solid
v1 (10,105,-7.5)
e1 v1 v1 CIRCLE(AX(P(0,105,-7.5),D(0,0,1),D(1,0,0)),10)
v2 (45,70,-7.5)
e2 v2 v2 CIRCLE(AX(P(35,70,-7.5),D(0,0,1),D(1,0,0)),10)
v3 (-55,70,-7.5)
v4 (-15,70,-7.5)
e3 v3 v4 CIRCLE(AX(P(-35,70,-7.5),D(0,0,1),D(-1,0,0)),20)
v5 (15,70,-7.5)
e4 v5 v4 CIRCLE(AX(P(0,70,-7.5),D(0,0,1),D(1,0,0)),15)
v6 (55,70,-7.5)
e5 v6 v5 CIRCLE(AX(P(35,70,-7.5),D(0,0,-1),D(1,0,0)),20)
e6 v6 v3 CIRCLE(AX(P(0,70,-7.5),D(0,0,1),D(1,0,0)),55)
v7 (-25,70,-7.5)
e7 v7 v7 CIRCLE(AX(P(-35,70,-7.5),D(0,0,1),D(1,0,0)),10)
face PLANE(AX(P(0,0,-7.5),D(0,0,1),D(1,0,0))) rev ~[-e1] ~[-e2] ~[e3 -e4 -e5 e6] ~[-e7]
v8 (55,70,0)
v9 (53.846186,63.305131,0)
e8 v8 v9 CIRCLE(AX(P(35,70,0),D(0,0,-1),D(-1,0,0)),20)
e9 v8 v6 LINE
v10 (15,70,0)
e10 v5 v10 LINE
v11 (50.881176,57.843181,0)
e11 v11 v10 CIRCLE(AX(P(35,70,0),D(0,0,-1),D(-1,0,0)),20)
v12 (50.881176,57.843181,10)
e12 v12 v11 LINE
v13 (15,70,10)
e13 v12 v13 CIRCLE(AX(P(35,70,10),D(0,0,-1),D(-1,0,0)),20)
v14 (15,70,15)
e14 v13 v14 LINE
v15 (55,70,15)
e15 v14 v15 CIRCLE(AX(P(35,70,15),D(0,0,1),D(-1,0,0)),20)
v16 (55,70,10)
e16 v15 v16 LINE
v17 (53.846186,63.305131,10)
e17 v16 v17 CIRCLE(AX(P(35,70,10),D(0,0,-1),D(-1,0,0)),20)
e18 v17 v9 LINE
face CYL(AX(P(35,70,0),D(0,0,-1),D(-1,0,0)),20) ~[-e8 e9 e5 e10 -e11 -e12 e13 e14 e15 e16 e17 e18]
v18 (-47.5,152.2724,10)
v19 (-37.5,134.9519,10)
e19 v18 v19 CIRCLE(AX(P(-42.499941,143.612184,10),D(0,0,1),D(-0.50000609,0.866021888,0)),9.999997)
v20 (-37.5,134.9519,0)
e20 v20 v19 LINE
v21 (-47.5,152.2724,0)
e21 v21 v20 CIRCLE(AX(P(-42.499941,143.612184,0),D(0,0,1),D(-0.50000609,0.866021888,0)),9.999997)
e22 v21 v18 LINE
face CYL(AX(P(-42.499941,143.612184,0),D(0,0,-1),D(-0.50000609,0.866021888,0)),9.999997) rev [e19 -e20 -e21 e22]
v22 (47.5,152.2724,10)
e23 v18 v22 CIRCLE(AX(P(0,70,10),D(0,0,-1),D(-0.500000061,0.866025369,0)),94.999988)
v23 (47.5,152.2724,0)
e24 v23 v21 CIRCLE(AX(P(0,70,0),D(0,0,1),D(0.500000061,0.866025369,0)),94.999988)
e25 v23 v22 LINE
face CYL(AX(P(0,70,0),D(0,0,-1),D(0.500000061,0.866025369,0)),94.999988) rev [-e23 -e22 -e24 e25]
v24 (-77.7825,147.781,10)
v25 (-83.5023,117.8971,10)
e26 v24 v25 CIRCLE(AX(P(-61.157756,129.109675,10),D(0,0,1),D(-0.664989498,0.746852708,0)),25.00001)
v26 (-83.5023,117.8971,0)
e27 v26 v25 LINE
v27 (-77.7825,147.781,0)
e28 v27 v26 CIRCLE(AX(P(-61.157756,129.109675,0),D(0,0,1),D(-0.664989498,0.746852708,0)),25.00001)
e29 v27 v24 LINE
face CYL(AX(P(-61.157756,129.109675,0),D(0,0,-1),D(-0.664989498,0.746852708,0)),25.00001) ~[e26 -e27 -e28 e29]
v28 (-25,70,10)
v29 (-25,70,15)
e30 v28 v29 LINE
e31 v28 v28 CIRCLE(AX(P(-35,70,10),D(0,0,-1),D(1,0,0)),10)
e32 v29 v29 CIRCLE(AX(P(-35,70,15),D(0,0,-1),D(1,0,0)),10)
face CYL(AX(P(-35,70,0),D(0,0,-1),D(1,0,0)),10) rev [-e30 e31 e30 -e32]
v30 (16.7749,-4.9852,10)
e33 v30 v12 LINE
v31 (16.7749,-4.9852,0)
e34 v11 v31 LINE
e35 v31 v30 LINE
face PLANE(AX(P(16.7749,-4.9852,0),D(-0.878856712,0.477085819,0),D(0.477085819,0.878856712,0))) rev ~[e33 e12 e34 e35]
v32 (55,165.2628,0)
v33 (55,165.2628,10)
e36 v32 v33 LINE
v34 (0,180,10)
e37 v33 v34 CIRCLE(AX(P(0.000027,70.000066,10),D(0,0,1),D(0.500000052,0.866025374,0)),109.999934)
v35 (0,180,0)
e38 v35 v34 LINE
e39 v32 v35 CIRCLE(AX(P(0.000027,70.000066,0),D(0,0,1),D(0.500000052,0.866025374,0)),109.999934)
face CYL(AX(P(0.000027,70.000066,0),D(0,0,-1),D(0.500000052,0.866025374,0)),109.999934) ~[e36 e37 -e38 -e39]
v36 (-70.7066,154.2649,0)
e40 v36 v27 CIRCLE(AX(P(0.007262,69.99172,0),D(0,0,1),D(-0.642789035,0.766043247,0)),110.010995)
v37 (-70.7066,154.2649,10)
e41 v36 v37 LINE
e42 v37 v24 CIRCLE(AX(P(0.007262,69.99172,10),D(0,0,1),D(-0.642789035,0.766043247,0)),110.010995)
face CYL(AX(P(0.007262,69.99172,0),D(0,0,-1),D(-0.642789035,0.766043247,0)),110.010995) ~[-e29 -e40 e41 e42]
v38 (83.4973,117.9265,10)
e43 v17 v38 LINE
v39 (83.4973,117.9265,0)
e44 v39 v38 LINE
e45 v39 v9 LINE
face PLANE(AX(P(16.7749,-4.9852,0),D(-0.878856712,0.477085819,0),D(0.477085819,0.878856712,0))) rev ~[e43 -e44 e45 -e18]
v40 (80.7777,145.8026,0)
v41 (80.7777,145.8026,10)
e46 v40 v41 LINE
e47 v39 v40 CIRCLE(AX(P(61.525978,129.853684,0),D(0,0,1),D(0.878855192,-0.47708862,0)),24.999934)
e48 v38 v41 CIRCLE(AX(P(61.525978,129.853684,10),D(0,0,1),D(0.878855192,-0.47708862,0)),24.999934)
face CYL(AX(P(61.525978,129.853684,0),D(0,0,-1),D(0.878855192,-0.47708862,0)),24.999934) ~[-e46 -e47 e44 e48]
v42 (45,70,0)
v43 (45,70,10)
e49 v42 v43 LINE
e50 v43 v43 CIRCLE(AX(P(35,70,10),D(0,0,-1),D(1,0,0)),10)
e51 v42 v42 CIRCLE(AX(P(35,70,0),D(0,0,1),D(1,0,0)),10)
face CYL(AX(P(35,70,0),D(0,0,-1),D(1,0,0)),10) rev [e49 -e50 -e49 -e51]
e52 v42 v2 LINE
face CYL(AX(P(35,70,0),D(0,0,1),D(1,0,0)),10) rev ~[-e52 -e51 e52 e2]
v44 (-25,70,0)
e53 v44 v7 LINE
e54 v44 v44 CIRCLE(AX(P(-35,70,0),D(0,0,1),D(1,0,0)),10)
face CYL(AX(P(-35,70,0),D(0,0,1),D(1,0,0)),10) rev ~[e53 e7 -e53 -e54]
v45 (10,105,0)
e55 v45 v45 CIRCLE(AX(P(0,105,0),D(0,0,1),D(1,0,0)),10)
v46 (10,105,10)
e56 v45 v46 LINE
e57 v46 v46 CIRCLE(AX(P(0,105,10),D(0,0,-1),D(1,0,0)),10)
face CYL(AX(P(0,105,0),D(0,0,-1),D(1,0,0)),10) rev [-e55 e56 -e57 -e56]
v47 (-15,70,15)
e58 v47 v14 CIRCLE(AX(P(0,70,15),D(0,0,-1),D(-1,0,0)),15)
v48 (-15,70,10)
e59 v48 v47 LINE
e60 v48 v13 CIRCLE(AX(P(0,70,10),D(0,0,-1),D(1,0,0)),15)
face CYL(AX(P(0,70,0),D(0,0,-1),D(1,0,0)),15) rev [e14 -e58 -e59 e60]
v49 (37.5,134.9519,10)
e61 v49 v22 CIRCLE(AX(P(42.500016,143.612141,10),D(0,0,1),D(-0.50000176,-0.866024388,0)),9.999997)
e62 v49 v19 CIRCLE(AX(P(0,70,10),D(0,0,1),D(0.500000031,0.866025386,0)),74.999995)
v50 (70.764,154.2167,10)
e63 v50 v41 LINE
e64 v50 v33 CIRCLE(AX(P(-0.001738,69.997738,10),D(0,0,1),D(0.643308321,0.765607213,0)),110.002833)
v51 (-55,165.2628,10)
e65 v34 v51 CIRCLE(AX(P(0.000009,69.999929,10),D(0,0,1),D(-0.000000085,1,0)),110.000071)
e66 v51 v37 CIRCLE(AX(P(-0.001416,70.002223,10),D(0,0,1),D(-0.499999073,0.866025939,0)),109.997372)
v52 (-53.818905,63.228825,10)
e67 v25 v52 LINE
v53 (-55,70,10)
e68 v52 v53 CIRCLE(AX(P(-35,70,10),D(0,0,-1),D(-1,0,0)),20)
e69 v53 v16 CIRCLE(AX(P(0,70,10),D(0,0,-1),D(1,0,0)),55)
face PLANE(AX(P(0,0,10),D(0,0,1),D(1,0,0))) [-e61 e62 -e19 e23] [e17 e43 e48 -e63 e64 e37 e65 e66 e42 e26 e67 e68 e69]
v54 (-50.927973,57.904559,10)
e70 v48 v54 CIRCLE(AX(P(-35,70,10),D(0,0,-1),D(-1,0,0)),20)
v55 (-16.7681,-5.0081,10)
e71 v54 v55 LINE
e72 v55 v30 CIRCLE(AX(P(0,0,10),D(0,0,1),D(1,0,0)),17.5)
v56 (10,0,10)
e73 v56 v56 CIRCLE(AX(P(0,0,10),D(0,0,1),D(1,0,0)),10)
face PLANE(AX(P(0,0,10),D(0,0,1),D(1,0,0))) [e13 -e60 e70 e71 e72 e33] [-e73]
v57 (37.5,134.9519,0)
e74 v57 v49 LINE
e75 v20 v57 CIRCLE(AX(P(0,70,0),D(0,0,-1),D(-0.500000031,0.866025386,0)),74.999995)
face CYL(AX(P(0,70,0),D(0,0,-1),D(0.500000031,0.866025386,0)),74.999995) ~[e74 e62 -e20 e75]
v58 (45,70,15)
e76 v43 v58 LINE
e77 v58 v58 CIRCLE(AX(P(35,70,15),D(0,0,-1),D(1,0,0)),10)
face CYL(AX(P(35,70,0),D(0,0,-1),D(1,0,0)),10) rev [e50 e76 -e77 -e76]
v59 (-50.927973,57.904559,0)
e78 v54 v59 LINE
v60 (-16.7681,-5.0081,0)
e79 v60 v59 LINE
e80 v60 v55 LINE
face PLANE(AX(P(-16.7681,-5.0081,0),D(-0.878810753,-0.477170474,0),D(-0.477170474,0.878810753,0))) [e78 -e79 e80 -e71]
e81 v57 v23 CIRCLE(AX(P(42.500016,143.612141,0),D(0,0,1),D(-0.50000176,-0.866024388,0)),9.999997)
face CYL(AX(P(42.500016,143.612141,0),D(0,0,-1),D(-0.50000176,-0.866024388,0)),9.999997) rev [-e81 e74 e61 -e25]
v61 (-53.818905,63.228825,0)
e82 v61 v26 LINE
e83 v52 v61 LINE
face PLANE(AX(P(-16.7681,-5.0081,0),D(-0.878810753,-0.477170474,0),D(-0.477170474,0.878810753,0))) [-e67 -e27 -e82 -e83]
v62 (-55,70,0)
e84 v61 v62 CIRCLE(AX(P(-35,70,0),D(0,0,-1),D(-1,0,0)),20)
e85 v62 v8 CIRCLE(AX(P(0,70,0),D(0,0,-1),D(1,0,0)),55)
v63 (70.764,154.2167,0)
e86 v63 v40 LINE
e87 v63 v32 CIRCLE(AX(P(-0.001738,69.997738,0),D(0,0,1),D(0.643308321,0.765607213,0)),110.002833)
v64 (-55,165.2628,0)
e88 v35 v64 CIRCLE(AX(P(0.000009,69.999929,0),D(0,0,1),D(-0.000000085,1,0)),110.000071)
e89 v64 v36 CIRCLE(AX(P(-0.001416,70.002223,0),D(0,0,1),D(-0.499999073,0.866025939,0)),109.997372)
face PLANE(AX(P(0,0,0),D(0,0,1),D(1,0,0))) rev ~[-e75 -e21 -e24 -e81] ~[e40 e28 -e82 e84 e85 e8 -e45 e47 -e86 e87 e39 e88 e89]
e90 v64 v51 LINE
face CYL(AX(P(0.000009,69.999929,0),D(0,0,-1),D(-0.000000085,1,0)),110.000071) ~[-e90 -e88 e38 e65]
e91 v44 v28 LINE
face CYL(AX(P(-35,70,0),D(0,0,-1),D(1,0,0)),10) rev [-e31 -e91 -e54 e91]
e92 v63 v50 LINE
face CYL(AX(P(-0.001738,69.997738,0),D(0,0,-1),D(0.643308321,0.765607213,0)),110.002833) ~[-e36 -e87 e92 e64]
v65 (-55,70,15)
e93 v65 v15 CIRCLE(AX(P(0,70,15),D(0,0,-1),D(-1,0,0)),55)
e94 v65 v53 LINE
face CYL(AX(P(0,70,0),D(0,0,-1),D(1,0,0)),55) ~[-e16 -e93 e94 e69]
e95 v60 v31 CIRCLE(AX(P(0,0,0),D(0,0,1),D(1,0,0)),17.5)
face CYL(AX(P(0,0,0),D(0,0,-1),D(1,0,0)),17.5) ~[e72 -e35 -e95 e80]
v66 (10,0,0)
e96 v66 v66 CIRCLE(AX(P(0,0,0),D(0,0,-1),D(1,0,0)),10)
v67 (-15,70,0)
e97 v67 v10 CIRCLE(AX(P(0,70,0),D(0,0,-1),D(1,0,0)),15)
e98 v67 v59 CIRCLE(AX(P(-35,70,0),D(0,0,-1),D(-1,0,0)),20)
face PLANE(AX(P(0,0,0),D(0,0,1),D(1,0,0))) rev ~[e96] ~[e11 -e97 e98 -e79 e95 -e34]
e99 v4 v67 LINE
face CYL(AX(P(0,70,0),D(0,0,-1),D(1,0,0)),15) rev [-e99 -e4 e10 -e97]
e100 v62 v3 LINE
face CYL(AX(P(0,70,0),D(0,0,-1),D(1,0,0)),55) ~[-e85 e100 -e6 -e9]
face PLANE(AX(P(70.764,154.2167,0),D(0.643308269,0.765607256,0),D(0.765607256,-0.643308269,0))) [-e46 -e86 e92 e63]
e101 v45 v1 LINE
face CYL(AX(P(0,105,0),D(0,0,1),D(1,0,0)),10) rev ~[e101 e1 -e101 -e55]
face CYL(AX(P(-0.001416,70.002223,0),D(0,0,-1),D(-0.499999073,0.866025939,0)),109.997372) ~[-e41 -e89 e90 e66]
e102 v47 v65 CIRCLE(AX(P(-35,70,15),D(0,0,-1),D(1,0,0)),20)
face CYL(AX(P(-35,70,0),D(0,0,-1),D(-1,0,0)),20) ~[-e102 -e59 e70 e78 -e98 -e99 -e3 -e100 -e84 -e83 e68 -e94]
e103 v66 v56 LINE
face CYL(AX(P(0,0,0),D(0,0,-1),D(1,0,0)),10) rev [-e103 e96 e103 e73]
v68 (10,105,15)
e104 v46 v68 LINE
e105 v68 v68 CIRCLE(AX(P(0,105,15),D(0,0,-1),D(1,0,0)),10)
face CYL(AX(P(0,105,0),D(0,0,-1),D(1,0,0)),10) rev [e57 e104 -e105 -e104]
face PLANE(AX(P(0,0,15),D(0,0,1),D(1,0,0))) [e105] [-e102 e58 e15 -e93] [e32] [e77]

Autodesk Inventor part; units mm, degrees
ref_plane "YZ Plane" through (0, 0, 0) normal (1, 0, 0) x (0, 1, 0)
ref_plane "XZ Plane" through (0, 0, 0) normal (0, 1, 0) x (-1, 0, 0)
ref_plane "XY Plane" through (0, 0, 0) normal (0, 0, 1) x (1, 0, 0)
sketch "Эскиз1" plane through (0, 0, 0) normal (0, 0, 1) x (1, 0, 0)
  circle A0 centre (0, 0) radius 17.5
  circle A1 centre (0, 0) radius 10
  line L0 (0, 0) -> (0, 70)
  arc A2 (35, 70) -> (-35, 70) centre (0, 70) ccw
  arc A3 (55, 70) -> (-55, 70) centre (0, 70) ccw
  arc A4 (15, 70) -> (-15, 70) centre (0, 70) ccw
  arc A5 (-55, 70) -> (-15, 70) centre (-35, 70) ccw
  arc A6 (15, 70) -> (55, 70) centre (35, 70) ccw
  circle A7 centre (-35, 70) radius 10
  circle A8 centre (0, 105) radius 10
  circle A9 centre (35, 70) radius 10
  line L1 (-35, 70) -> (-35, 50)
  line L2 (-35, 50) -> (-35, 44.4464)
  line L3 (35, 70) -> (35, 50)
  line L4 (35, 50) -> (35, 44.4464)
  arc A10 (55, 165.2628) -> (0, 180) centre (0, 70) ccw
  line L5 (0, 70) -> (55, 165.2628) construction
  line L6 (0, 70) -> (0, 180) construction
  arc A11 (0, 180) -> (-55, 165.2628) centre (0, 70) ccw
  line L7 (0, 70) -> (-55, 165.2628) construction
  line L8 (0, 70) -> (0, 180) construction
  arc A12 (42.5, 143.6122) -> (-42.5, 143.6122) centre (0, 70) ccw
  arc A13 (37.5, 134.9519) -> (47.5, 152.2724) centre (42.5, 143.6122) ccw
  arc A14 (-47.5, 152.2724) -> (-37.5, 134.9519) centre (-42.5, 143.6122) ccw
  arc A15 (47.5, 152.2724) -> (-47.5, 152.2724) centre (0, 70) ccw
  arc A16 (37.5, 134.9519) -> (-37.5, 134.9519) centre (0, 70) ccw
  line L9 (0, 0) -> (-17.5, 0)
  line L10 (0, 0) -> (17.5, 0)
  line L11 (0, 0) -> (-10, 0)
  line L12 (0, 0) -> (10, 0)
  line L13 (0, 70) -> (0, 180)
  arc A17 (-55, 165.2628) -> (-70.7066, 154.2649) centre (0, 70) ccw
  line L14 (0, 70) -> (-55, 165.2628) construction
  line L15 (0, 70) -> (55, 165.2628)
  arc A18 (70.764, 154.2167) -> (55, 165.2628) centre (0, 70) ccw
  line L16 (-16.7681, -5.0081) -> (-83.5023, 117.8971)
  arc A19 (-70.7066, 154.2649) -> (-77.7825, 147.781) centre (0, 70) ccw
  arc A20 (-77.7825, 147.781) -> (-83.5023, 117.8971) centre (-61.1578, 129.1097) ccw
  line L17 (16.7749, -4.9852) -> (83.4973, 117.9265)
  line L18 (70.764, 154.2167) -> (80.7777, 145.8026)
  arc A21 (83.4973, 117.9265) -> (80.7777, 145.8026) centre (61.5259, 129.8537) ccw
  dimension "d15" = 70
  dimension "d17" = 105
  dimension "d19" = 30
  dimension "d20" = 30
  dimension "d23" = 10
  dimension "d28" = 35
  dimension "d29" = 20
  dimension "d30" = 20
  dimension "d31" = 15
  dimension "d32" = 35
  dimension "d33" = 85
  dimension "d34" = 110
  dimension "d35" = 55
  dimension "d55" = 25
  dimension "d110" = 19.5925
  dimension "d111" = 107.0482
  dimension "d112" = 152.0798
  dimension "d113" = 104.0886
  dimension "d114" = 90.9725
  dimension "d115" = 101.544
  dimension "d116" = 49.961
  dimension "d117" = 21.46
  dimension "d119" = 17.1211
  dimension "d120" = 17.1257
extrude "Выдавливание1" add sketch "Эскиз1" along normal blind 10 contours L9 A1 L10 A0 | A0 L16 A5 A4 L13 L0 | A0 L0 A1 L9 | L0 L15 A4 A6 L17 A0 | A0 L10 A1 L0 | L16 A5 A3 L13 A8 A2 A7 L1 | L13 A4 L15 | A6 L3 A9 A2 L15 A3 L17 | L16 A20 A19 A17 A11 L13 A15 A14 A16 A3 A5 | L1 A7 A2 A8 L13 A4 A5 | L13 A8 A2 L15 A4 | L15 A2 A9 L3 A6 A4 | A6 A3 L15 A13 A18 L18 A21 L17 | A2 A8 L13 A3 L15 | L13 A16 L15 A3 | A15 L13 A10 L15
extrude "Выдавливание2" add sketch "Эскиз1" along normal blind 15 and the other way blind 7.5 contours L16 A5 A3 L13 A8 A2 A7 L1 | A5 L16 | L17 A6 | A6 L3 A9 A2 L15 A3 L17 | L1 A7 A2 A8 L13 A4 A5 | L13 A8 A2 L15 A4 | L15 A2 A9 L3 A6 A4 | A2 A8 L13 A3 L15
properties part number "lab2_1_2"
